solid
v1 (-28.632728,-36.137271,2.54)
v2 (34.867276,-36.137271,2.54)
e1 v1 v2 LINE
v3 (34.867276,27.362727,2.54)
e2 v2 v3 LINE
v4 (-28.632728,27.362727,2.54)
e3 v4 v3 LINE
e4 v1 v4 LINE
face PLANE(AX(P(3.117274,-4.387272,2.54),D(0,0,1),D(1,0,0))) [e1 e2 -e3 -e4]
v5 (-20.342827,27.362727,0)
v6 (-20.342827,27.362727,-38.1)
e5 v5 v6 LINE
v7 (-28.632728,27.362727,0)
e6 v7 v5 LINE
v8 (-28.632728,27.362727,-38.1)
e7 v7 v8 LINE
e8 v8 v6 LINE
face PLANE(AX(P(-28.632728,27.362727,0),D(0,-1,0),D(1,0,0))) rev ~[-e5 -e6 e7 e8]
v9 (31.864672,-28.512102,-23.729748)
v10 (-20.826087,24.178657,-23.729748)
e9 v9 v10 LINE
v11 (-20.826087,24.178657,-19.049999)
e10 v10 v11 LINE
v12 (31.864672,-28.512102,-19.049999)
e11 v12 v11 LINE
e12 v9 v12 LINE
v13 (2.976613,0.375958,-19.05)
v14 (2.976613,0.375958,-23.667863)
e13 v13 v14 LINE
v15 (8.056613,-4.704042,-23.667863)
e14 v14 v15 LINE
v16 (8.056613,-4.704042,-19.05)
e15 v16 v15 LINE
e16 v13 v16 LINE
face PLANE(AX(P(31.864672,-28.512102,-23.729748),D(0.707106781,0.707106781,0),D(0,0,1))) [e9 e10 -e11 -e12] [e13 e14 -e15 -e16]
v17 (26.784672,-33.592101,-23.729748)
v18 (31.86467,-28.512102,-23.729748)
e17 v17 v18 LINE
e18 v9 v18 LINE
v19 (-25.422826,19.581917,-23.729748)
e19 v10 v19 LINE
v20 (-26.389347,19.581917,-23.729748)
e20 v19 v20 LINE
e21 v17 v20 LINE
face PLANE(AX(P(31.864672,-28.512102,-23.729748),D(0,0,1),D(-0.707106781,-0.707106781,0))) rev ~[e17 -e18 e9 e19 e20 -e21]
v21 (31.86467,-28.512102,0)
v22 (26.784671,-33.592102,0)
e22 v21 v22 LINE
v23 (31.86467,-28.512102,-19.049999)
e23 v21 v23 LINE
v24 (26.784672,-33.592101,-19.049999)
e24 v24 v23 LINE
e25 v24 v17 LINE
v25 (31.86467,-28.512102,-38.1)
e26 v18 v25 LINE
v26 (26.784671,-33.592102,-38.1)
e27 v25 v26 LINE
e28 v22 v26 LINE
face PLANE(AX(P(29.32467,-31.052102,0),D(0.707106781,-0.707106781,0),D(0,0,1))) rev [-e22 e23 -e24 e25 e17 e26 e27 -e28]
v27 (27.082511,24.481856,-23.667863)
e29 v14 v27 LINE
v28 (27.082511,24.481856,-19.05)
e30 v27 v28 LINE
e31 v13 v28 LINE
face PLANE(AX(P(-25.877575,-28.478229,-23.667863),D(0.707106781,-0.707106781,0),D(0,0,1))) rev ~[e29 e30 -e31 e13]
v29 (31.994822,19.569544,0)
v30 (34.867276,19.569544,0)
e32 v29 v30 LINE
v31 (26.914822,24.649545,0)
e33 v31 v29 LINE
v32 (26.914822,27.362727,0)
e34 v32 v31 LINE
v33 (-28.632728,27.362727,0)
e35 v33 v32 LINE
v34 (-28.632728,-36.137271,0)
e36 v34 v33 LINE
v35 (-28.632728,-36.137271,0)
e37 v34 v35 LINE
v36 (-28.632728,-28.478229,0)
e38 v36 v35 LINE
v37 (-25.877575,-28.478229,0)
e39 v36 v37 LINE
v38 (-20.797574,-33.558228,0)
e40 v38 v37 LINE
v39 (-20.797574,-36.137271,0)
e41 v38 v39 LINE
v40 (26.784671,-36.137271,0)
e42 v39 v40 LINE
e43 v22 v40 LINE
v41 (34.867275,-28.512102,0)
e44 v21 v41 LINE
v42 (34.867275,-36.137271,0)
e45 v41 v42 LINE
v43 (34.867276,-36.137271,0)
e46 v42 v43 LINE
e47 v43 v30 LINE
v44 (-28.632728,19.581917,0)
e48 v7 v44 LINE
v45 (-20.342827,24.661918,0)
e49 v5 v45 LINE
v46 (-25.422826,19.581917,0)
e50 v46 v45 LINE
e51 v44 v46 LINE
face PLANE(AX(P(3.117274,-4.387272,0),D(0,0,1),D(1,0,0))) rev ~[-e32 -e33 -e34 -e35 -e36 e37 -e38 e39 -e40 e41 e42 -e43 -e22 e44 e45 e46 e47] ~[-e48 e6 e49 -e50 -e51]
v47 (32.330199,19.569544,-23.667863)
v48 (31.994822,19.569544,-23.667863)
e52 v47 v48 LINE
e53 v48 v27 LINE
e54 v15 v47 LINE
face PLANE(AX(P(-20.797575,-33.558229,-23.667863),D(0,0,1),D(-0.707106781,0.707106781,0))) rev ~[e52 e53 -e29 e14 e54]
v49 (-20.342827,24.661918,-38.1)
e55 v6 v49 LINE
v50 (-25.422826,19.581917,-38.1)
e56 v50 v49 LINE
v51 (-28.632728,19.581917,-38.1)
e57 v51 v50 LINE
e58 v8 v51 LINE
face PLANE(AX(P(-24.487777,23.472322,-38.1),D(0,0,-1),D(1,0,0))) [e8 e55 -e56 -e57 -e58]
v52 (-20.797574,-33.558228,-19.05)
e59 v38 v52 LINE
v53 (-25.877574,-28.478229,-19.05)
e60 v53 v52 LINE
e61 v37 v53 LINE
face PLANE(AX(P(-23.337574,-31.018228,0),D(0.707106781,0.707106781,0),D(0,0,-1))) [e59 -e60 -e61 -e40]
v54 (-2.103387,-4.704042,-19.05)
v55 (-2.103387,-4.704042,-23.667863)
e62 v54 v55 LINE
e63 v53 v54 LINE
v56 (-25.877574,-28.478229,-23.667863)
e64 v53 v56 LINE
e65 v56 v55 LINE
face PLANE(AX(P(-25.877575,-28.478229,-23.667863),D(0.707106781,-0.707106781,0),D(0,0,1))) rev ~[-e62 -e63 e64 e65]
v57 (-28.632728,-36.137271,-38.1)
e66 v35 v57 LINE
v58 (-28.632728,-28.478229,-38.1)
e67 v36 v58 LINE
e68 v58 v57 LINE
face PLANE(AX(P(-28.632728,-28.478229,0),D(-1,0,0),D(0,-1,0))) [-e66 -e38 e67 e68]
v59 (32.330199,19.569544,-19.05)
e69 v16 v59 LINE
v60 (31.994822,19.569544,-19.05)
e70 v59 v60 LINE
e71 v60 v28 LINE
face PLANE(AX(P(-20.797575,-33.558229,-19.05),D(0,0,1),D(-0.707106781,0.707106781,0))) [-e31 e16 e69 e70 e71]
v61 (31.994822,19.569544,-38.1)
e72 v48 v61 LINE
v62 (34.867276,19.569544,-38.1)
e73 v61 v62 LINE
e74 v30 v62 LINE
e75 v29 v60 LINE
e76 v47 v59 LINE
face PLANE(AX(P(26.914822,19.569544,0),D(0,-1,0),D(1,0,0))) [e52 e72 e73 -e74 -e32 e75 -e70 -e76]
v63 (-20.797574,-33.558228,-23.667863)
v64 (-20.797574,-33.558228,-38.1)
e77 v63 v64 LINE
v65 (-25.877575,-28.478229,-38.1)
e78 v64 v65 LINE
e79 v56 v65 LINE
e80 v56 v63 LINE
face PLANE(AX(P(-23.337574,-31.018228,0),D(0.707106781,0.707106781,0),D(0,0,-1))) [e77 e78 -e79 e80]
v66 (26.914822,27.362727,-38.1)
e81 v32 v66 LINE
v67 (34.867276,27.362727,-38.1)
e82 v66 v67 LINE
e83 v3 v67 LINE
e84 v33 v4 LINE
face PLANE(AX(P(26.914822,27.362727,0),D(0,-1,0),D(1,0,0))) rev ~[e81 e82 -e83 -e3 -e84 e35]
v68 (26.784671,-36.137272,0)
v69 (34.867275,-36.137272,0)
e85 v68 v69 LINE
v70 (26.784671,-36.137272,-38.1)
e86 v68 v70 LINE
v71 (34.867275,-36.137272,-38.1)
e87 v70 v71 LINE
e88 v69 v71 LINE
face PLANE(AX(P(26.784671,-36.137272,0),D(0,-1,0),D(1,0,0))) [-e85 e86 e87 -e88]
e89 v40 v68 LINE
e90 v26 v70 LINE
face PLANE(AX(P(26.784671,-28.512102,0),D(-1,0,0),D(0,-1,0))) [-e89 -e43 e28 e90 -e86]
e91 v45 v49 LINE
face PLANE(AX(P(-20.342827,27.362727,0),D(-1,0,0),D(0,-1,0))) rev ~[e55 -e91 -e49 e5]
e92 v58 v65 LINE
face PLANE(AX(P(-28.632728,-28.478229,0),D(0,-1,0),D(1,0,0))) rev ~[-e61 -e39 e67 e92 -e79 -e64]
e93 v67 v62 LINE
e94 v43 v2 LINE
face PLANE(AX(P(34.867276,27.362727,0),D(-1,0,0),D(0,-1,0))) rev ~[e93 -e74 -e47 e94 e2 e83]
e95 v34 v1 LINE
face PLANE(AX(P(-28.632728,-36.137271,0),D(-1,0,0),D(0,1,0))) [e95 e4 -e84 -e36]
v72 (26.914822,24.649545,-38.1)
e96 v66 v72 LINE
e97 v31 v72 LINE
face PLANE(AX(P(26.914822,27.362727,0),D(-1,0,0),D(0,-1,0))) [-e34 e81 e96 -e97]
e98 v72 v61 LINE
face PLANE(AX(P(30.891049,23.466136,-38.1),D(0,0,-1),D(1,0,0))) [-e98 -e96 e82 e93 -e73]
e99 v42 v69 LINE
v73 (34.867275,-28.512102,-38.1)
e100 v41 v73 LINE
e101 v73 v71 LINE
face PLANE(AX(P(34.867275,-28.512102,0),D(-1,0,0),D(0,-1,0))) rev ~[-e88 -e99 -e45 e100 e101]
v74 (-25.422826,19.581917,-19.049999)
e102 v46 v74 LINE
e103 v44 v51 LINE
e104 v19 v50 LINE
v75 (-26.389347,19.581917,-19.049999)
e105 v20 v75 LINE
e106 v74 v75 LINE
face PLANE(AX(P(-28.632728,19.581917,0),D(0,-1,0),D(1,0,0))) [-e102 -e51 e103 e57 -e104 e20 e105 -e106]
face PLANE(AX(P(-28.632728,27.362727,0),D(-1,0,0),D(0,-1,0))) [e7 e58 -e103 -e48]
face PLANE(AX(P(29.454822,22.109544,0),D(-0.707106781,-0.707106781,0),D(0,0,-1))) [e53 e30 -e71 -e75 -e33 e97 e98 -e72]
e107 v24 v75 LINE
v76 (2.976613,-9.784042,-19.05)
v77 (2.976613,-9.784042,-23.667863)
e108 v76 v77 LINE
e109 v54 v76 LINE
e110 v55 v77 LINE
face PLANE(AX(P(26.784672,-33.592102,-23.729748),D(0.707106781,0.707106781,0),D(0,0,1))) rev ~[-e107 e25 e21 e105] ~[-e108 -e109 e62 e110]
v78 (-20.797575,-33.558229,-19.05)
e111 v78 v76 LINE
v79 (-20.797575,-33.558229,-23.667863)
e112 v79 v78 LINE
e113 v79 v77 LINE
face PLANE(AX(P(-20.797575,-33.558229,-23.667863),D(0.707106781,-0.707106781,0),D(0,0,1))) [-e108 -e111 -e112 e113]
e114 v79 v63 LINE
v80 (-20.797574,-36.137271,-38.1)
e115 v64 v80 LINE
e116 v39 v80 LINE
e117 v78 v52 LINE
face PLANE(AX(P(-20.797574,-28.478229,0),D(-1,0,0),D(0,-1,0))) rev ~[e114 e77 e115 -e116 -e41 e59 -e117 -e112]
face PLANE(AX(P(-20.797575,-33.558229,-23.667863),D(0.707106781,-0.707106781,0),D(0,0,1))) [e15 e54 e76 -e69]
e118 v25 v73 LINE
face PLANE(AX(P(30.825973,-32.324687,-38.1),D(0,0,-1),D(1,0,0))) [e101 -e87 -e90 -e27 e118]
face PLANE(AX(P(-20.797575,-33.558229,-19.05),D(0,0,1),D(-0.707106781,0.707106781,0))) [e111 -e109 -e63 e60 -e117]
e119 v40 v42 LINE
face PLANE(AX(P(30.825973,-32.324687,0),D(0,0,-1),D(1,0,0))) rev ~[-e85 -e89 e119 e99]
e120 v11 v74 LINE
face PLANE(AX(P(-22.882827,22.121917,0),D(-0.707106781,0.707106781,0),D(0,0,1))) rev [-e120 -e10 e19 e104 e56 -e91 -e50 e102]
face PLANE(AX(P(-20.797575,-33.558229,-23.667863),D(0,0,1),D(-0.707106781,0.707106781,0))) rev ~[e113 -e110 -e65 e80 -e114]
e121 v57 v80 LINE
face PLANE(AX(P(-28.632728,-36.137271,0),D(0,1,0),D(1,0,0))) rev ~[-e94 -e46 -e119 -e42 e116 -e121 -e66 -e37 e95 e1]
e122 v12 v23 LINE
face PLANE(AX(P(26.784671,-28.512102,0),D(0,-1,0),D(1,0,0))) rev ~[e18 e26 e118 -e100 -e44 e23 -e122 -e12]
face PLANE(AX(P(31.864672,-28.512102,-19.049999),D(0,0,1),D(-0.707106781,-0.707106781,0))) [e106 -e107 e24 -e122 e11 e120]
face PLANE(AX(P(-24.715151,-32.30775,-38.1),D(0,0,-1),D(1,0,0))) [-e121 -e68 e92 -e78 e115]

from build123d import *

# Parameters (mm, degrees)
F0_W      = 63.500004
F0_H      = 63.499999
F1_DEPTH  = 2.54
F2_W      = 7.835153
F2_H      = 7.659043
F3_DEPTH  = 38.1
F4_W      = 8.289901
F4_H      = 7.780809
F5_DEPTH  = 38.1
F6_W      = 7.952454
F6_H      = 7.793183
F7_DEPTH  = 38.1
F8_W      = 8.082605
F8_H      = 7.62517
F9_DEPTH  = 38.1
F10_SIZE  = 5.08
F11_SIZE  = 5.08
F12_SIZE  = 5.08
F13_SIZE  = 5.08
F14_W     = 7.184205
F14_H     = 4.679749
F15_DEPTH = 75.946
F16_W     = 7.184205
F16_H     = 4.617863
F17_DEPTH = 78.232


with BuildPart() as f1:
    # F0 (on Top) → F1 (new body)
    with BuildSketch(Plane.XY):
        with Locations((3.117274, -4.387272)):
            Rectangle(F0_W, F0_H)
    extrude(amount=F1_DEPTH)

    # F2 (on face) → F3 (join)
    with BuildSketch(Plane(origin=(0, 0, 0), x_dir=(1, 0, 0), z_dir=(0, 0, -1))):
        with Locations((-24.715151, 32.30775)):
            Rectangle(F2_W, F2_H)
    extrude(amount=F3_DEPTH)

    # F4 (on face) → F5 (join)
    with BuildSketch(Plane(origin=(0, 0, 0), x_dir=(1, 0, 0), z_dir=(0, 0, -1))):
        with Locations((-24.487777, -23.472322)):
            Rectangle(F4_W, F4_H)
    extrude(amount=F5_DEPTH)

    # F6 (on face) → F7 (join)
    with BuildSketch(Plane(origin=(0, 0, 0), x_dir=(1, 0, 0), z_dir=(0, 0, -1))):
        with Locations((30.891049, -23.466136)):
            Rectangle(F6_W, F6_H)
    extrude(amount=F7_DEPTH)

    # F8 (on face) → F9 (join)
    with BuildSketch(Plane(origin=(0, 0, 0), x_dir=(1, 0, 0), z_dir=(0, 0, -1))):
        with Locations((30.825973, 32.324687)):
            Rectangle(F8_W, F8_H)
    extrude(amount=F9_DEPTH)

    # F10
    f10_edges = [f1.edges().sort_by_distance(p)[0] for p in [
        (-20.797575, -28.478229, -19.05),
    ]]
    chamfer(f10_edges, length=F10_SIZE)

    # F11
    f11_edges = [f1.edges().sort_by_distance(p)[0] for p in [
        (26.914822, 19.569544, -19.05),
    ]]
    chamfer(f11_edges, length=F11_SIZE)

    # F12
    f12_edges = [f1.edges().sort_by_distance(p)[0] for p in [
        (-20.342827, 19.581918, -19.05),
    ]]
    chamfer(f12_edges, length=F12_SIZE)

    # F13
    f13_edges = [f1.edges().sort_by_distance(p)[0] for p in [
        (26.784671, -28.512102, -19.05),
    ]]
    chamfer(f13_edges, length=F13_SIZE)

    # F14 (on face) → F15 (join)
    with BuildSketch(Plane(origin=(30.188387, -30.188387, 0), x_dir=(-0.707107, -0.707107, 0), z_dir=(-0.707107, 0.707107, 0))):
        with Locations((1.221477, -21.389874)):
            Rectangle(F14_W, F14_H)
    extrude(amount=F15_DEPTH)

    # F16 (on face) → F17 (join)
    with BuildSketch(Plane(origin=(-27.177902, -27.177902, 0), x_dir=(-0.707107, 0.707107, 0), z_dir=(0.707107, 0.707107, 0))):
        with Locations((-5.431043, -21.358932)):
            Rectangle(F16_W, F16_H)
    extrude(amount=F17_DEPTH)


solid = f1.part
